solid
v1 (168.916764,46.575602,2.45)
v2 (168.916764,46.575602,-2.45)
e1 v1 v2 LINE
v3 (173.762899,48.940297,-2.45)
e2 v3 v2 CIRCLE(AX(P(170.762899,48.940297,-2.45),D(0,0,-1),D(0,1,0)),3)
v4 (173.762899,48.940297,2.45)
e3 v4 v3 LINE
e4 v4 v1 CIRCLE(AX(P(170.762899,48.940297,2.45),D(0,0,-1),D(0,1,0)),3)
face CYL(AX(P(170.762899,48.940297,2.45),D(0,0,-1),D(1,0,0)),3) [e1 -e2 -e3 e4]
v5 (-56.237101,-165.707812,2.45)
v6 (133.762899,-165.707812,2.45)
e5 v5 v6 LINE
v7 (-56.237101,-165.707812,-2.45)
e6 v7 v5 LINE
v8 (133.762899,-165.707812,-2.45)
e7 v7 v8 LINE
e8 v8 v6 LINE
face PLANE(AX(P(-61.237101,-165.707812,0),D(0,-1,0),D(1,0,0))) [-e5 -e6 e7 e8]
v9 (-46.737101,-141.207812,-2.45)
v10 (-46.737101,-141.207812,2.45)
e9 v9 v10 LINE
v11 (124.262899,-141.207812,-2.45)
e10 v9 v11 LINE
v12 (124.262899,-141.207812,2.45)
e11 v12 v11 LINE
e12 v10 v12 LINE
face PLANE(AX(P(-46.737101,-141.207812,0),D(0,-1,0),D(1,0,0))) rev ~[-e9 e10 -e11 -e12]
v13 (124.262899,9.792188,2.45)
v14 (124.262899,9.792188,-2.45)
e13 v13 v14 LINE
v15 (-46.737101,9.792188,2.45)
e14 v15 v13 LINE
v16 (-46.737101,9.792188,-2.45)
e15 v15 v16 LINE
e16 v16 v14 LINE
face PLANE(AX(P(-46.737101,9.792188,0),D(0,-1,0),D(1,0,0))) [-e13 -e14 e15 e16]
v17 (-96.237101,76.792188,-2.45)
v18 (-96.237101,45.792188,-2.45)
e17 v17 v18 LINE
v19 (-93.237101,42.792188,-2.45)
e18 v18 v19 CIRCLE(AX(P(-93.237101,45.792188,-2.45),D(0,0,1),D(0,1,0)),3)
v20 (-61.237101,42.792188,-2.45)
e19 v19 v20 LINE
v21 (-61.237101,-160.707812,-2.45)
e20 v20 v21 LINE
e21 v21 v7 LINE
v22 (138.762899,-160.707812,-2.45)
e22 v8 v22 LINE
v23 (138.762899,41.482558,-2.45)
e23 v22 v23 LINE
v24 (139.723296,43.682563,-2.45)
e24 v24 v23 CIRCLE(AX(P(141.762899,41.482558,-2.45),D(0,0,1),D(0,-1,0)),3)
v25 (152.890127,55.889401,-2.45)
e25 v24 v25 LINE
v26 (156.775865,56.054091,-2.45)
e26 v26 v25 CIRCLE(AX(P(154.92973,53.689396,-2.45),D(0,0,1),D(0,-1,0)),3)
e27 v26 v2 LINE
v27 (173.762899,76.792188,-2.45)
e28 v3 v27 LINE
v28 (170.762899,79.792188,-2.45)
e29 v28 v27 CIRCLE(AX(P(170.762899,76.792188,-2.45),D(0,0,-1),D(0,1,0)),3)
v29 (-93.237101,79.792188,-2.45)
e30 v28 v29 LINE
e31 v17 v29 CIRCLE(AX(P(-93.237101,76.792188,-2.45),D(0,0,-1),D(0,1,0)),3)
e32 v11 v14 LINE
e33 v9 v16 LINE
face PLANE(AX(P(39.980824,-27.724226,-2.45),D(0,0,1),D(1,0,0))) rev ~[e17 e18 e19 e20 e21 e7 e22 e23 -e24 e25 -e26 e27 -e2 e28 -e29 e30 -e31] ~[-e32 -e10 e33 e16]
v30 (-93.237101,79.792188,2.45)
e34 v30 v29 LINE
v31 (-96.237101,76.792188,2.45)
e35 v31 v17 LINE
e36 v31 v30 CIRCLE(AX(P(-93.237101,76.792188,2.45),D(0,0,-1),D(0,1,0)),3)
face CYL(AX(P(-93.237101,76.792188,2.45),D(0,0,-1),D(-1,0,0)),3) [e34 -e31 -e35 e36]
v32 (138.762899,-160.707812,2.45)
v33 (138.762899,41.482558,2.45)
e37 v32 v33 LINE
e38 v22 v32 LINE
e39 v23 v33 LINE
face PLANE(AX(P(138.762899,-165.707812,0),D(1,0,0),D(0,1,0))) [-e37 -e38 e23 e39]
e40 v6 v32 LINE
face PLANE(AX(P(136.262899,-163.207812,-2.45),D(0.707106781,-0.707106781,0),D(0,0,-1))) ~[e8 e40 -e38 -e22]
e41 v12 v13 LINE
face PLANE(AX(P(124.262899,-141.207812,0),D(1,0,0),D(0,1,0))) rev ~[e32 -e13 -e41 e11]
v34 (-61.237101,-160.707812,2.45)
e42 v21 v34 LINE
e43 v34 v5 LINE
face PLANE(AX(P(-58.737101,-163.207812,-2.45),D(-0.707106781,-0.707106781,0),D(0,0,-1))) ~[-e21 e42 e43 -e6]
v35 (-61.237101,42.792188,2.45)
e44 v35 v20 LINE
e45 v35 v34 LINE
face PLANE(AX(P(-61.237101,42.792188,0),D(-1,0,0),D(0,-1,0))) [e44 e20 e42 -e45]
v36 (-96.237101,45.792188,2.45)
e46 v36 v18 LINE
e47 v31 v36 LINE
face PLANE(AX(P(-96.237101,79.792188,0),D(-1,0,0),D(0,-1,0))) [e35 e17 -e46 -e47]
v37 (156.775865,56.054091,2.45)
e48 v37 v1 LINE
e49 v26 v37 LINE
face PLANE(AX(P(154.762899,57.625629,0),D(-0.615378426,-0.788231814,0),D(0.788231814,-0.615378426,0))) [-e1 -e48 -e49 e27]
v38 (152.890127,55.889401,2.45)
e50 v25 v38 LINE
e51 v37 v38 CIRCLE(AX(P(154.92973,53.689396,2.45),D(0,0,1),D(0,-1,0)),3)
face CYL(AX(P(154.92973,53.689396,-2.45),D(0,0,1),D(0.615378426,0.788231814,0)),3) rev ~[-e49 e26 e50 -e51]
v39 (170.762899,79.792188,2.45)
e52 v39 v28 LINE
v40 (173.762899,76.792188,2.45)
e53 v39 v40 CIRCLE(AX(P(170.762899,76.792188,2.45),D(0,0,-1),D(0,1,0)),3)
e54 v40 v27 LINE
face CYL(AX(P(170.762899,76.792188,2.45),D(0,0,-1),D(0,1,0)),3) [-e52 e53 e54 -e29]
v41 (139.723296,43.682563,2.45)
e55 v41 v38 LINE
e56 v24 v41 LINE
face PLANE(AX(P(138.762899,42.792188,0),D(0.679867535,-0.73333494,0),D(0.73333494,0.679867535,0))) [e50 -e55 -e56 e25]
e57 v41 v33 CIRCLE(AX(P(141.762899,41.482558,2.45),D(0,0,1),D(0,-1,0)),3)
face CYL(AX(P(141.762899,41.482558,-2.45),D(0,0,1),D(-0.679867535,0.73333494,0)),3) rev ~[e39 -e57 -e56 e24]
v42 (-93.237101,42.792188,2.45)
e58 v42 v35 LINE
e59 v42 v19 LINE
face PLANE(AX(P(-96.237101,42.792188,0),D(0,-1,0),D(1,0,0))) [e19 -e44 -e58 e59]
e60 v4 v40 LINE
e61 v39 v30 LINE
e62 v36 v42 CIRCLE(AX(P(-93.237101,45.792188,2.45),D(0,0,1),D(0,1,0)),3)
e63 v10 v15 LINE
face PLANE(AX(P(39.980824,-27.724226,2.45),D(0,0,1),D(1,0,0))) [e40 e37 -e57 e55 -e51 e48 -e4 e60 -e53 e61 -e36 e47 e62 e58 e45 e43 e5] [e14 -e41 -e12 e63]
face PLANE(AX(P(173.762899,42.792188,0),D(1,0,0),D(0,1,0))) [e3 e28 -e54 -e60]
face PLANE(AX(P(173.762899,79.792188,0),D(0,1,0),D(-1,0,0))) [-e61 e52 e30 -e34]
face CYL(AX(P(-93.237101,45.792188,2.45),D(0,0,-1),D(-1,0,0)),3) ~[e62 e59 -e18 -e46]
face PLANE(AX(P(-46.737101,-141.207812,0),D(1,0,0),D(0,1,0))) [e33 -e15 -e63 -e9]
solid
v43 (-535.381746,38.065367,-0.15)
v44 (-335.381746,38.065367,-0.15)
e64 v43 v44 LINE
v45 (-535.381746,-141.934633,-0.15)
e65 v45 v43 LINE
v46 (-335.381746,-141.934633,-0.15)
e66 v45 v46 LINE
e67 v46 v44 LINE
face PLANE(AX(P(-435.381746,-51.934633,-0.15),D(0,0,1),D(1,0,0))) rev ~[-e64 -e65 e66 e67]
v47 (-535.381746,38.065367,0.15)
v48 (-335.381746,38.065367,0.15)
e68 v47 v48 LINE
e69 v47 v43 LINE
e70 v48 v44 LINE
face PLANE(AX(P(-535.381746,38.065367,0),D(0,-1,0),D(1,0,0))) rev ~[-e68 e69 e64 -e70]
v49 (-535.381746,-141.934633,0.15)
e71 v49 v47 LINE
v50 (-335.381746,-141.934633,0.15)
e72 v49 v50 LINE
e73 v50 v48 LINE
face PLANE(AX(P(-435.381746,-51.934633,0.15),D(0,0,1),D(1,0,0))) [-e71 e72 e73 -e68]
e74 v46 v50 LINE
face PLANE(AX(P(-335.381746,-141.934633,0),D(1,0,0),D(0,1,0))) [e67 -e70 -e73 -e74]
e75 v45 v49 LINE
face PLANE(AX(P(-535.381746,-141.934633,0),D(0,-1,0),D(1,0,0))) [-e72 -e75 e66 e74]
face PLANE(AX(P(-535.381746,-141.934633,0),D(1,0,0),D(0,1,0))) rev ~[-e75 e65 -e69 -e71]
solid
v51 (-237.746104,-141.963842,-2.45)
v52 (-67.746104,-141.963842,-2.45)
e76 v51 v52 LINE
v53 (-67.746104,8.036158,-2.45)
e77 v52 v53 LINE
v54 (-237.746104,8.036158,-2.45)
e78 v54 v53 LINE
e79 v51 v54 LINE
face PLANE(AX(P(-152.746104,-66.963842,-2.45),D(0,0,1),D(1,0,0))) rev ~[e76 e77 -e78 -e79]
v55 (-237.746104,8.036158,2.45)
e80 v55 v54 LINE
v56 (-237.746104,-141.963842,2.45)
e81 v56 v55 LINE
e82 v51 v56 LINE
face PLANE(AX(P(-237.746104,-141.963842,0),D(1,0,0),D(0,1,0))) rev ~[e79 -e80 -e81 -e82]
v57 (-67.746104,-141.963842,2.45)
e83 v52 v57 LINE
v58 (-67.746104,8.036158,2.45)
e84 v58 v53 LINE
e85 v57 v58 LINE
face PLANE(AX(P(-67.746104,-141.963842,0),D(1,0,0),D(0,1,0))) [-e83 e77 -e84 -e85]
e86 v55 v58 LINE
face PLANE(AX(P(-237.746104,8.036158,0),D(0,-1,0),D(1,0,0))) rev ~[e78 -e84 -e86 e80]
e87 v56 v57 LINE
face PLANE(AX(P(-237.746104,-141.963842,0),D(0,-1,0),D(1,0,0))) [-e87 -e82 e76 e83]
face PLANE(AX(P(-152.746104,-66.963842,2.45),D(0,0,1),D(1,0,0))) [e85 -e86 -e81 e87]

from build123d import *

# Parameters (mm, degrees)
F0_W     = 171
F0_H     = 151
F1_DEPTH = 2.45
F2_R     = 3
F3_R     = 3
F4_SIZE  = 5
F5_W     = 170
F5_H     = 150
F6_DEPTH = 2.45
F7_W     = 200
F7_H     = 180
F8_DEPTH = 0.15


with BuildPart() as f1:
    # F0 (on Top) → F1 (new body, symmetric)
    with BuildSketch(Plane.XY):
        Polygon((-61.237101, 42.792188), (-61.237101, -165.707812), (138.762899, -165.707812), (138.762899, 42.792188), (154.762899, 57.625629), (173.762899, 42.792188), (173.762899, 79.792188), (-96.237101, 79.792188), (-96.237101, 42.792188), align=None)
        with Locations((38.762899, -65.707812)):
            Rectangle(F0_W, F0_H, mode=Mode.SUBTRACT)
    extrude(amount=F1_DEPTH, both=True)

    # F2
    f2_edges = [f1.edges().sort_by_distance(p)[0] for p in [
        (-96.237101, 79.792188, 0),
        (173.762899, 79.792188, 0),
        (173.762899, 42.792188, 0),
        (138.762899, 42.792188, 0),
        (154.762899, 57.625629, 0),
    ]]
    fillet(f2_edges, radius=F2_R)

    # F3
    f3_edges = [f1.edges().sort_by_distance(p)[0] for p in [
        (-96.237101, 42.792188, 0),
    ]]
    fillet(f3_edges, radius=F3_R)

    # F4
    f4_edges = [f1.edges().sort_by_distance(p)[0] for p in [
        (-61.237101, -165.707812, 0),
        (138.762899, -165.707812, 0),
    ]]
    chamfer(f4_edges, length=F4_SIZE)


with BuildPart() as f6:
    # F5 (on Top) → F6 (new body, symmetric)
    with BuildSketch(Plane.XY):
        with Locations((-152.746104, -66.963842)):
            Rectangle(F5_W, F5_H)
    extrude(amount=F6_DEPTH, both=True)


with BuildPart() as f8:
    # F7 (on Top) → F8 (new body, symmetric)
    with BuildSketch(Plane.XY):
        with Locations((-435.381746, -51.934633)):
            Rectangle(F7_W, F7_H)
    extrude(amount=F8_DEPTH, both=True)


solid = Compound([f1.part, f6.part, f8.part])
